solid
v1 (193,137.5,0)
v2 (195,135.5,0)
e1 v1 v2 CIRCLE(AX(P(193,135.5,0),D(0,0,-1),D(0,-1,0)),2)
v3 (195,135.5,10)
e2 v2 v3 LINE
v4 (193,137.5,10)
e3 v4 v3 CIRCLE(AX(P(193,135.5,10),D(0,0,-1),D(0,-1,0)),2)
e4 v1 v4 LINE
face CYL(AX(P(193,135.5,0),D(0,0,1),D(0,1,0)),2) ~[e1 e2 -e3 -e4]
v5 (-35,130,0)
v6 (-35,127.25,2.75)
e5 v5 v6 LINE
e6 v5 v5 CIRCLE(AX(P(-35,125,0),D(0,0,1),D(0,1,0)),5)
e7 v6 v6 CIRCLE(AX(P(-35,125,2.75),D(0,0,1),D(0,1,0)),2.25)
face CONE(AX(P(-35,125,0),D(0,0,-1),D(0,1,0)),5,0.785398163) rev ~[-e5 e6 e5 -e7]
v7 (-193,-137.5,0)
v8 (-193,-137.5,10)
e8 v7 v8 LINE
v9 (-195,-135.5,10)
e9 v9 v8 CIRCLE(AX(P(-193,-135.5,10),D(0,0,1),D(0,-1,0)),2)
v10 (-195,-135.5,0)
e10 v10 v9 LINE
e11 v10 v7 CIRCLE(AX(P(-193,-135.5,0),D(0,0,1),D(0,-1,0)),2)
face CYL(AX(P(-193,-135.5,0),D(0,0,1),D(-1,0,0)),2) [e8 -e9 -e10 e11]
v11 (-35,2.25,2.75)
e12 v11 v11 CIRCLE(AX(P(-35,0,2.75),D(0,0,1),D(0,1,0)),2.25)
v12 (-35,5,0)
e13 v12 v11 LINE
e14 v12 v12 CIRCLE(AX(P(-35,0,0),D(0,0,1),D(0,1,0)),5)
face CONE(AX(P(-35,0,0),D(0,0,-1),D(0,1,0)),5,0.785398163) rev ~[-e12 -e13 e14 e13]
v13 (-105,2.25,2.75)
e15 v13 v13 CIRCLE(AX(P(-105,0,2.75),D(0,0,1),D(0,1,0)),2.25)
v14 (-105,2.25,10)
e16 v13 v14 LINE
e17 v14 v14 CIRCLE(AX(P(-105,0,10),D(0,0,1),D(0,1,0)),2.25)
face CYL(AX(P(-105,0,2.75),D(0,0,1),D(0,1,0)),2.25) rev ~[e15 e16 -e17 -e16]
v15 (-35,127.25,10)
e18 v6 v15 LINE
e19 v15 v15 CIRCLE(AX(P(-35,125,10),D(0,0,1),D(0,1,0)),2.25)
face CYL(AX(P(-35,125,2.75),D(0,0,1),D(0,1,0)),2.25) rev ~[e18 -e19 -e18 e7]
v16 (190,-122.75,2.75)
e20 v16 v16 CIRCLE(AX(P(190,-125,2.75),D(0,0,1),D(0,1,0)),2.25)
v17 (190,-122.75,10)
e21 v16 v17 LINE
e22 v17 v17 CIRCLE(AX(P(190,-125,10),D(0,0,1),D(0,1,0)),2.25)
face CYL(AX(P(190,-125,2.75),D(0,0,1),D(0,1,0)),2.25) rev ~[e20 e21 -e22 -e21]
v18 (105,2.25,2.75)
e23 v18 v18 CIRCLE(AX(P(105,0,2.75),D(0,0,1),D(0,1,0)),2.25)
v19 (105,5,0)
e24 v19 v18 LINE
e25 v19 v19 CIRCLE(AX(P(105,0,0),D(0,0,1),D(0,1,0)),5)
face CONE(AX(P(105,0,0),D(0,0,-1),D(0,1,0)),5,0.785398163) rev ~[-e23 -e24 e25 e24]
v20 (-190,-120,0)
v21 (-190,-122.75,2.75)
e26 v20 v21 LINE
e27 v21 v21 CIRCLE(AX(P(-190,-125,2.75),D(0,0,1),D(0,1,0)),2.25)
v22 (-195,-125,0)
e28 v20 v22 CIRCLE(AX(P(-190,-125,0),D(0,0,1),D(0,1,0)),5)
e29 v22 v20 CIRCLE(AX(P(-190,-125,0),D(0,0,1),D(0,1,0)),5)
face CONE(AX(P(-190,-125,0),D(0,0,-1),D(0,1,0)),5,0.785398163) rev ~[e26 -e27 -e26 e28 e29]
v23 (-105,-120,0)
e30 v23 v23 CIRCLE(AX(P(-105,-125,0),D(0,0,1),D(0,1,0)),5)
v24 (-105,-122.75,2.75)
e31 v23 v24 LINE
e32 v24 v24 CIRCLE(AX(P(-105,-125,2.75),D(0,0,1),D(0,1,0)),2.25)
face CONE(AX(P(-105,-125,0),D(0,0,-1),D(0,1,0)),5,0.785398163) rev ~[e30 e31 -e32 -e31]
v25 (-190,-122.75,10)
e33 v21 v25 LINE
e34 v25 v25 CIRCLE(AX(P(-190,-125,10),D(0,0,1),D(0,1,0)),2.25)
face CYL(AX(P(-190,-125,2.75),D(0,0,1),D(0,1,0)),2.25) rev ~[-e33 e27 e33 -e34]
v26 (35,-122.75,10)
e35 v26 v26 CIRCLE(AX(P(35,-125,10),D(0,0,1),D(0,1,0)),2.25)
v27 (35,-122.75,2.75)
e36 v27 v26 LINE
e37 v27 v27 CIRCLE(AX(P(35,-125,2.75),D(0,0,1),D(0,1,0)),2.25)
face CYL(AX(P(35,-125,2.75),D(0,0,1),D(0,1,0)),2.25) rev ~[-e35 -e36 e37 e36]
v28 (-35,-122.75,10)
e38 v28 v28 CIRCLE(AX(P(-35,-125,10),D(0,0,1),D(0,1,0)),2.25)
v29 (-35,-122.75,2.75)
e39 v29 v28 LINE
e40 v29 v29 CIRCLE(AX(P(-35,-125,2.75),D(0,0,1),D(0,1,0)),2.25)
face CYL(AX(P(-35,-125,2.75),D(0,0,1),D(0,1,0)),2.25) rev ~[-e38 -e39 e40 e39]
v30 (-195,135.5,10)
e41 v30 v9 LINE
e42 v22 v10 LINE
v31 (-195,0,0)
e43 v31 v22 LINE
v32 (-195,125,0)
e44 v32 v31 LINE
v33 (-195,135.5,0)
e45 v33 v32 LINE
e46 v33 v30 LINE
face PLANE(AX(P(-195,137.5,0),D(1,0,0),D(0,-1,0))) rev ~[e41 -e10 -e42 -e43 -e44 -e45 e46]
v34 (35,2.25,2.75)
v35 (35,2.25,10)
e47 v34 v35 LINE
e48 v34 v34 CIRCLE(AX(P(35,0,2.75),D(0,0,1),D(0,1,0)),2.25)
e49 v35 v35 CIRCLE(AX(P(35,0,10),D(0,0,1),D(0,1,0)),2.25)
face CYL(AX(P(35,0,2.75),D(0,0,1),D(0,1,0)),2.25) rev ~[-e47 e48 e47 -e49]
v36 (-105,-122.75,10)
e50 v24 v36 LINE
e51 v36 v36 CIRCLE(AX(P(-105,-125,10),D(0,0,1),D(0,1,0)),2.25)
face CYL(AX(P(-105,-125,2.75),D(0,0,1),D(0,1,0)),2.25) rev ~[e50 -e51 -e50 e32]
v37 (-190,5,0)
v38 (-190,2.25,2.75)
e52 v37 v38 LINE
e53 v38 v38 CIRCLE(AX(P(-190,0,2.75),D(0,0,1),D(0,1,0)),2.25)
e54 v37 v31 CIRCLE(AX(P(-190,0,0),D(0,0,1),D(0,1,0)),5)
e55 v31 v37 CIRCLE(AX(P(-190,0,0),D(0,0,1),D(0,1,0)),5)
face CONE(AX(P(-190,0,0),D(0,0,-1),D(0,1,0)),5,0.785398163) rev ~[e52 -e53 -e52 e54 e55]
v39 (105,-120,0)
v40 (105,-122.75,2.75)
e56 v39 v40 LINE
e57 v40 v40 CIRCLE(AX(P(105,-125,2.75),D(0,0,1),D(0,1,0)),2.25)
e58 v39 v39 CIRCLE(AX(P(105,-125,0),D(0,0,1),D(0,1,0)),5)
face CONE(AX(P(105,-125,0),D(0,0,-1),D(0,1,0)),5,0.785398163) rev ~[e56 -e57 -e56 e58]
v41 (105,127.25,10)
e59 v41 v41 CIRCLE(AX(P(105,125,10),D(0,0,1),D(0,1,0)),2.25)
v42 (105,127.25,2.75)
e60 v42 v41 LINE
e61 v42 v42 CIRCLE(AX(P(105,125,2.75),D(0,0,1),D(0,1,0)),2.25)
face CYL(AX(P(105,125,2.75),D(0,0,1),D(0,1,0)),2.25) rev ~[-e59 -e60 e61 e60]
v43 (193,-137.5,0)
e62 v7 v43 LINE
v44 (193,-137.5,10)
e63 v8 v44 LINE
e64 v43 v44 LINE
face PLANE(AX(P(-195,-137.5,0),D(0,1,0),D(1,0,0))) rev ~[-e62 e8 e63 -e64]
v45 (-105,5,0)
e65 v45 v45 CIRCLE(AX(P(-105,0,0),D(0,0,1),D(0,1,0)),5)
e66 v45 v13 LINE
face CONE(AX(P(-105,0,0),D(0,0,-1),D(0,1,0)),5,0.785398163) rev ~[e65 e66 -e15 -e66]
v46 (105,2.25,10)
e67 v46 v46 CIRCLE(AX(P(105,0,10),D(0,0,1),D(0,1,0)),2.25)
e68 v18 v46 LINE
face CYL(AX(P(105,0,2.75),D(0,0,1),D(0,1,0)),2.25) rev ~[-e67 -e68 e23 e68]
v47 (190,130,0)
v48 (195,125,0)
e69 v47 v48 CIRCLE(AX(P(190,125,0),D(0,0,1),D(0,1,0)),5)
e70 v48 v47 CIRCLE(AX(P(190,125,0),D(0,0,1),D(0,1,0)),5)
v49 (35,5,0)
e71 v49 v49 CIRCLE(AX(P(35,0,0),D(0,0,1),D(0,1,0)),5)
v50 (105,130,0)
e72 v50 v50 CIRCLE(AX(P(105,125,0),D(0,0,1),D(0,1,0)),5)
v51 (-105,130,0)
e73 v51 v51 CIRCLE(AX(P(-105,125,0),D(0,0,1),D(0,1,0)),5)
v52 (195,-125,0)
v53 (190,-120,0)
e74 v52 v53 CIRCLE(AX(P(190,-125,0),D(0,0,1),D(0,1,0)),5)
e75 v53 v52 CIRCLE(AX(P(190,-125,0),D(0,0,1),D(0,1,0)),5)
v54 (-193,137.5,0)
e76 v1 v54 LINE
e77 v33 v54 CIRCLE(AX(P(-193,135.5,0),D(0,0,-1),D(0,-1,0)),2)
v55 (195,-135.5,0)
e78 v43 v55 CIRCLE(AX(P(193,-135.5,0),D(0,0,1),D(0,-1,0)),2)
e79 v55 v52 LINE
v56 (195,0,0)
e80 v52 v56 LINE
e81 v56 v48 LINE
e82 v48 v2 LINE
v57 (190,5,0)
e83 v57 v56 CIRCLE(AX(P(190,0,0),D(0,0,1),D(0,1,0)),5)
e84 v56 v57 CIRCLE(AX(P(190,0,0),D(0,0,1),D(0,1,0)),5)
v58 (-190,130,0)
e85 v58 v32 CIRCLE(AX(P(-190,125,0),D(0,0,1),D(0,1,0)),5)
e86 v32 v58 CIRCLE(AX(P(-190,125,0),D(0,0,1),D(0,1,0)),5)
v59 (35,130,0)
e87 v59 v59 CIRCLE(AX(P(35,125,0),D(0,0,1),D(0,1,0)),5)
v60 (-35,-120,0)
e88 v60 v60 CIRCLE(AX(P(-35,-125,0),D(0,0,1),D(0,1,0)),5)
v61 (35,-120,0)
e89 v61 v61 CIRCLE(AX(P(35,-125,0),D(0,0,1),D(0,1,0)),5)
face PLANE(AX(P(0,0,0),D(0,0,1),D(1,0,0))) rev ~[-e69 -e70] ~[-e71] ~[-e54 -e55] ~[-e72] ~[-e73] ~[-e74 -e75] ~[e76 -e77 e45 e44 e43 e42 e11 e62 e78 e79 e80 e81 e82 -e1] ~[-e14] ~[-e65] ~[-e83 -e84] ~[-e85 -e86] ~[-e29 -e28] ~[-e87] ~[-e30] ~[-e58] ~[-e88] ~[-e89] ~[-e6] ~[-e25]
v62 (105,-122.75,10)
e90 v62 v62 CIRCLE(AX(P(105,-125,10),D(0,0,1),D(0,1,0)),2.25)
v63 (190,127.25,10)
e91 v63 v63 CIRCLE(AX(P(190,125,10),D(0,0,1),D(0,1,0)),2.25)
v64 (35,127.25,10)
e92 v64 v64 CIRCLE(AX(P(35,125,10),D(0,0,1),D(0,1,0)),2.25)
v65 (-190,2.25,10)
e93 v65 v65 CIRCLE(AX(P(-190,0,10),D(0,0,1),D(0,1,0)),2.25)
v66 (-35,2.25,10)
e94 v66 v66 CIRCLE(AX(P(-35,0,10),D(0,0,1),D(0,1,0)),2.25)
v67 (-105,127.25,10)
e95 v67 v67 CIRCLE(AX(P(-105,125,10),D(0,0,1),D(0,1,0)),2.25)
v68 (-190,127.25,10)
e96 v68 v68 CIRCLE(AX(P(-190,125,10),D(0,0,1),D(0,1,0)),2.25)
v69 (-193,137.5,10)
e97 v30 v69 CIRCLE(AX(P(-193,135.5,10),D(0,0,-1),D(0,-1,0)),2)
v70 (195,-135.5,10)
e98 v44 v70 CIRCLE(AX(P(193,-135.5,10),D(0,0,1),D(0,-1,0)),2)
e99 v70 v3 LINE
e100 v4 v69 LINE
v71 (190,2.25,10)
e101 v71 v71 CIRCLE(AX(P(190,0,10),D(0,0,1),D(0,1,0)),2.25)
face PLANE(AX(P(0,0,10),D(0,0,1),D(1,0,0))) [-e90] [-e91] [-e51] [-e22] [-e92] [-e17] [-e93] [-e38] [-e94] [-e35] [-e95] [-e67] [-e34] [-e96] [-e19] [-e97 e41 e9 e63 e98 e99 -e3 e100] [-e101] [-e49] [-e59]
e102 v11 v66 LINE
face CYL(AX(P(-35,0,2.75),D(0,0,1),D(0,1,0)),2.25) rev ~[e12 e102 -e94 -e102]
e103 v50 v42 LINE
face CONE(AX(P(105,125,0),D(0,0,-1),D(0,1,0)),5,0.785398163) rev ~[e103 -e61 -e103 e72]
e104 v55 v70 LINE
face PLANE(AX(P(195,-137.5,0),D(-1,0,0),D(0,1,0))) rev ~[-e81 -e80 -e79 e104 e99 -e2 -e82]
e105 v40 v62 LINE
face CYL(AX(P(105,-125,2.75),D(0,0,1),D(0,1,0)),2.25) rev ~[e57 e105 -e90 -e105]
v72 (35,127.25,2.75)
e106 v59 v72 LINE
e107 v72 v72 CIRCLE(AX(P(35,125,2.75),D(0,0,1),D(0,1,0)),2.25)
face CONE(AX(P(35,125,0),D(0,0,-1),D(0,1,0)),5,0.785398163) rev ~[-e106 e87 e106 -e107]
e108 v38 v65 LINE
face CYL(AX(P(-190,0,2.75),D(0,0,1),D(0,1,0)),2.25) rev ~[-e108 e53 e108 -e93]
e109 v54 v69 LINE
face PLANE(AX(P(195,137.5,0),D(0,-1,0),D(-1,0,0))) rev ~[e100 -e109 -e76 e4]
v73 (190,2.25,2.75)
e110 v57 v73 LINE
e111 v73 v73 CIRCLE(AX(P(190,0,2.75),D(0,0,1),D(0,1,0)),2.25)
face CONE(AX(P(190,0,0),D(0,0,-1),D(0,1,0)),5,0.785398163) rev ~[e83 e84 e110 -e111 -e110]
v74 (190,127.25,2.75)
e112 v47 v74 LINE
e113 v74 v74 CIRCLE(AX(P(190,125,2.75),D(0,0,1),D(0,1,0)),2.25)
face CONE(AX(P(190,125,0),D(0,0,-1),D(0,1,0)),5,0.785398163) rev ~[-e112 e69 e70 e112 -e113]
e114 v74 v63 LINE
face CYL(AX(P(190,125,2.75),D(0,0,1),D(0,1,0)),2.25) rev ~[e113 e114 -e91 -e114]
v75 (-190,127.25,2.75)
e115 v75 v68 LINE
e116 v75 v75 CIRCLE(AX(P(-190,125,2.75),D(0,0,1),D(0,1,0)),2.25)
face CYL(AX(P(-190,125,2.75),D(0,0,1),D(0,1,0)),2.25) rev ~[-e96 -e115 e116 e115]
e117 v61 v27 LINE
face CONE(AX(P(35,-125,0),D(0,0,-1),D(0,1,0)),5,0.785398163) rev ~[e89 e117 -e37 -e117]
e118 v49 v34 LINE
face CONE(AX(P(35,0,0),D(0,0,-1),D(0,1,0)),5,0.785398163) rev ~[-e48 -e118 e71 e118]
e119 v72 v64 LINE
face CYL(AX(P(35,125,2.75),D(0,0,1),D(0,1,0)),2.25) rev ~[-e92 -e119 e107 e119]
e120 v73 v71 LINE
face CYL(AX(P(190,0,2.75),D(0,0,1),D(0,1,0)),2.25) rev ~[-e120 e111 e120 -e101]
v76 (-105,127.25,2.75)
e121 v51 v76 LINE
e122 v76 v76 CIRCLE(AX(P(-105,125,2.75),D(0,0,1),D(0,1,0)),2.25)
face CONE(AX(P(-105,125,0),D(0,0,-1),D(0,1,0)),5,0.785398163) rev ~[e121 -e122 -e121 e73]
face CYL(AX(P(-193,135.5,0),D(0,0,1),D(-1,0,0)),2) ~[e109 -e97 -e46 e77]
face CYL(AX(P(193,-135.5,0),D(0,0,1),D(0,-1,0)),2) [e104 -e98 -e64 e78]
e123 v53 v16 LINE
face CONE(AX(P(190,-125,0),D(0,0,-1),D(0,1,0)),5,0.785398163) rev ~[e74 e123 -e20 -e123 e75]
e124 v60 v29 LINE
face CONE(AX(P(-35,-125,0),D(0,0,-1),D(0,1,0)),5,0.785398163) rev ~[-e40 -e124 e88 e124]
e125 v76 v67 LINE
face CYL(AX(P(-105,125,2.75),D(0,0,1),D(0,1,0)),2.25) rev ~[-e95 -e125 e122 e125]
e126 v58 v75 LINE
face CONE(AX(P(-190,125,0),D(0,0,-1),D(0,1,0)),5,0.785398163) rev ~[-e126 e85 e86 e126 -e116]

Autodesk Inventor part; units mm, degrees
ref_plane "YZ Plane" through (0, 0, 0) normal (1, 0, 0) x (0, 1, 0)
ref_plane "XZ Plane" through (0, 0, 0) normal (0, 1, 0) x (-1, 0, 0)
ref_plane "XY Plane" through (0, 0, 0) normal (0, 0, 1) x (1, 0, 0)
sketch "Esboço1" plane through (0, 0, 0) normal (0, 0, 1) x (1, 0, 0)
  line L0 (-195, -137.5) -> (195, -137.5)
  line L1 (195, -137.5) -> (195, 137.5)
  line L2 (195, 137.5) -> (-195, 137.5)
  line L3 (-195, 137.5) -> (-195, -137.5)
  line L4 (190, -137.5) -> (190, 137.5) construction
  line L5 (-273, 0) -> (273, 0) construction
  line L6 (0, -192.5) -> (0, 192.5) construction
  line L7 (-70, 137.5) -> (-70, -137.5) construction
  point P0 (0, 0)
  point P1 (190, 125)
  point P2 (190, 0)
  point P3 (190, -125)
  point P4 (35, 125)
  point P5 (35, 0)
  point P6 (35, -125)
  point P7 (-190, 125)
  point P8 (-190, 0)
  point P9 (-190, -125)
  point P10 (-35, 125)
  point P11 (-35, 0)
  point P12 (-35, -125)
  point P13 (-105, -125)
  point P14 (-105, 0)
  point P15 (-105, 125)
  point P16 (105, 125)
  point P17 (105, 0)
  point P18 (105, -125)
  dimension "d0" = 390
  dimension "d1" = 275
  dimension "d11" = 125
  dimension "d12" = 125
  dimension "d14" = 70
  dimension "d15" = 380
  dimension "d23" = 250
  dimension "d25" = 70
extrude "Extrusão1" add sketch "Esboço1" along normal blind 10
hole "Hole2" at (190, 125, 0) at (190, 0, 0) at (190, -125, 0) at (35, 125, 0) at (35, 0, 0) at (35, -125, 0) at (-190, -125, 0) at (-190, 0, 0) at (-190, 125, 0) at (-35, -125, 0) at (-35, 0, 0) at (-35, 125, 0) at (-105, -125, 0) at (-105, 0, 0) at (-105, 125, 0) at (105, 125, 0) at (105, 0, 0) at (105, -125, 0) direction (0, 0, 1) diameter 4.5 end through all countersink diameter 10 countersink angle 90 clearance for "Countersunk Flat Head Hex Socket Screw ISO 10642" size "M4" standard "ISO"
fillet "Fillet1" radius 2 4 edges at (195, 137.5, 5) (195, -137.5, 5) (-195, 137.5, 5) (-195, -137.5, 5)
equation "\"d12\" = d11"
equation "\"d25\" = d14"
properties part number "GRJ-04-101A" material "Fenolite OR"
